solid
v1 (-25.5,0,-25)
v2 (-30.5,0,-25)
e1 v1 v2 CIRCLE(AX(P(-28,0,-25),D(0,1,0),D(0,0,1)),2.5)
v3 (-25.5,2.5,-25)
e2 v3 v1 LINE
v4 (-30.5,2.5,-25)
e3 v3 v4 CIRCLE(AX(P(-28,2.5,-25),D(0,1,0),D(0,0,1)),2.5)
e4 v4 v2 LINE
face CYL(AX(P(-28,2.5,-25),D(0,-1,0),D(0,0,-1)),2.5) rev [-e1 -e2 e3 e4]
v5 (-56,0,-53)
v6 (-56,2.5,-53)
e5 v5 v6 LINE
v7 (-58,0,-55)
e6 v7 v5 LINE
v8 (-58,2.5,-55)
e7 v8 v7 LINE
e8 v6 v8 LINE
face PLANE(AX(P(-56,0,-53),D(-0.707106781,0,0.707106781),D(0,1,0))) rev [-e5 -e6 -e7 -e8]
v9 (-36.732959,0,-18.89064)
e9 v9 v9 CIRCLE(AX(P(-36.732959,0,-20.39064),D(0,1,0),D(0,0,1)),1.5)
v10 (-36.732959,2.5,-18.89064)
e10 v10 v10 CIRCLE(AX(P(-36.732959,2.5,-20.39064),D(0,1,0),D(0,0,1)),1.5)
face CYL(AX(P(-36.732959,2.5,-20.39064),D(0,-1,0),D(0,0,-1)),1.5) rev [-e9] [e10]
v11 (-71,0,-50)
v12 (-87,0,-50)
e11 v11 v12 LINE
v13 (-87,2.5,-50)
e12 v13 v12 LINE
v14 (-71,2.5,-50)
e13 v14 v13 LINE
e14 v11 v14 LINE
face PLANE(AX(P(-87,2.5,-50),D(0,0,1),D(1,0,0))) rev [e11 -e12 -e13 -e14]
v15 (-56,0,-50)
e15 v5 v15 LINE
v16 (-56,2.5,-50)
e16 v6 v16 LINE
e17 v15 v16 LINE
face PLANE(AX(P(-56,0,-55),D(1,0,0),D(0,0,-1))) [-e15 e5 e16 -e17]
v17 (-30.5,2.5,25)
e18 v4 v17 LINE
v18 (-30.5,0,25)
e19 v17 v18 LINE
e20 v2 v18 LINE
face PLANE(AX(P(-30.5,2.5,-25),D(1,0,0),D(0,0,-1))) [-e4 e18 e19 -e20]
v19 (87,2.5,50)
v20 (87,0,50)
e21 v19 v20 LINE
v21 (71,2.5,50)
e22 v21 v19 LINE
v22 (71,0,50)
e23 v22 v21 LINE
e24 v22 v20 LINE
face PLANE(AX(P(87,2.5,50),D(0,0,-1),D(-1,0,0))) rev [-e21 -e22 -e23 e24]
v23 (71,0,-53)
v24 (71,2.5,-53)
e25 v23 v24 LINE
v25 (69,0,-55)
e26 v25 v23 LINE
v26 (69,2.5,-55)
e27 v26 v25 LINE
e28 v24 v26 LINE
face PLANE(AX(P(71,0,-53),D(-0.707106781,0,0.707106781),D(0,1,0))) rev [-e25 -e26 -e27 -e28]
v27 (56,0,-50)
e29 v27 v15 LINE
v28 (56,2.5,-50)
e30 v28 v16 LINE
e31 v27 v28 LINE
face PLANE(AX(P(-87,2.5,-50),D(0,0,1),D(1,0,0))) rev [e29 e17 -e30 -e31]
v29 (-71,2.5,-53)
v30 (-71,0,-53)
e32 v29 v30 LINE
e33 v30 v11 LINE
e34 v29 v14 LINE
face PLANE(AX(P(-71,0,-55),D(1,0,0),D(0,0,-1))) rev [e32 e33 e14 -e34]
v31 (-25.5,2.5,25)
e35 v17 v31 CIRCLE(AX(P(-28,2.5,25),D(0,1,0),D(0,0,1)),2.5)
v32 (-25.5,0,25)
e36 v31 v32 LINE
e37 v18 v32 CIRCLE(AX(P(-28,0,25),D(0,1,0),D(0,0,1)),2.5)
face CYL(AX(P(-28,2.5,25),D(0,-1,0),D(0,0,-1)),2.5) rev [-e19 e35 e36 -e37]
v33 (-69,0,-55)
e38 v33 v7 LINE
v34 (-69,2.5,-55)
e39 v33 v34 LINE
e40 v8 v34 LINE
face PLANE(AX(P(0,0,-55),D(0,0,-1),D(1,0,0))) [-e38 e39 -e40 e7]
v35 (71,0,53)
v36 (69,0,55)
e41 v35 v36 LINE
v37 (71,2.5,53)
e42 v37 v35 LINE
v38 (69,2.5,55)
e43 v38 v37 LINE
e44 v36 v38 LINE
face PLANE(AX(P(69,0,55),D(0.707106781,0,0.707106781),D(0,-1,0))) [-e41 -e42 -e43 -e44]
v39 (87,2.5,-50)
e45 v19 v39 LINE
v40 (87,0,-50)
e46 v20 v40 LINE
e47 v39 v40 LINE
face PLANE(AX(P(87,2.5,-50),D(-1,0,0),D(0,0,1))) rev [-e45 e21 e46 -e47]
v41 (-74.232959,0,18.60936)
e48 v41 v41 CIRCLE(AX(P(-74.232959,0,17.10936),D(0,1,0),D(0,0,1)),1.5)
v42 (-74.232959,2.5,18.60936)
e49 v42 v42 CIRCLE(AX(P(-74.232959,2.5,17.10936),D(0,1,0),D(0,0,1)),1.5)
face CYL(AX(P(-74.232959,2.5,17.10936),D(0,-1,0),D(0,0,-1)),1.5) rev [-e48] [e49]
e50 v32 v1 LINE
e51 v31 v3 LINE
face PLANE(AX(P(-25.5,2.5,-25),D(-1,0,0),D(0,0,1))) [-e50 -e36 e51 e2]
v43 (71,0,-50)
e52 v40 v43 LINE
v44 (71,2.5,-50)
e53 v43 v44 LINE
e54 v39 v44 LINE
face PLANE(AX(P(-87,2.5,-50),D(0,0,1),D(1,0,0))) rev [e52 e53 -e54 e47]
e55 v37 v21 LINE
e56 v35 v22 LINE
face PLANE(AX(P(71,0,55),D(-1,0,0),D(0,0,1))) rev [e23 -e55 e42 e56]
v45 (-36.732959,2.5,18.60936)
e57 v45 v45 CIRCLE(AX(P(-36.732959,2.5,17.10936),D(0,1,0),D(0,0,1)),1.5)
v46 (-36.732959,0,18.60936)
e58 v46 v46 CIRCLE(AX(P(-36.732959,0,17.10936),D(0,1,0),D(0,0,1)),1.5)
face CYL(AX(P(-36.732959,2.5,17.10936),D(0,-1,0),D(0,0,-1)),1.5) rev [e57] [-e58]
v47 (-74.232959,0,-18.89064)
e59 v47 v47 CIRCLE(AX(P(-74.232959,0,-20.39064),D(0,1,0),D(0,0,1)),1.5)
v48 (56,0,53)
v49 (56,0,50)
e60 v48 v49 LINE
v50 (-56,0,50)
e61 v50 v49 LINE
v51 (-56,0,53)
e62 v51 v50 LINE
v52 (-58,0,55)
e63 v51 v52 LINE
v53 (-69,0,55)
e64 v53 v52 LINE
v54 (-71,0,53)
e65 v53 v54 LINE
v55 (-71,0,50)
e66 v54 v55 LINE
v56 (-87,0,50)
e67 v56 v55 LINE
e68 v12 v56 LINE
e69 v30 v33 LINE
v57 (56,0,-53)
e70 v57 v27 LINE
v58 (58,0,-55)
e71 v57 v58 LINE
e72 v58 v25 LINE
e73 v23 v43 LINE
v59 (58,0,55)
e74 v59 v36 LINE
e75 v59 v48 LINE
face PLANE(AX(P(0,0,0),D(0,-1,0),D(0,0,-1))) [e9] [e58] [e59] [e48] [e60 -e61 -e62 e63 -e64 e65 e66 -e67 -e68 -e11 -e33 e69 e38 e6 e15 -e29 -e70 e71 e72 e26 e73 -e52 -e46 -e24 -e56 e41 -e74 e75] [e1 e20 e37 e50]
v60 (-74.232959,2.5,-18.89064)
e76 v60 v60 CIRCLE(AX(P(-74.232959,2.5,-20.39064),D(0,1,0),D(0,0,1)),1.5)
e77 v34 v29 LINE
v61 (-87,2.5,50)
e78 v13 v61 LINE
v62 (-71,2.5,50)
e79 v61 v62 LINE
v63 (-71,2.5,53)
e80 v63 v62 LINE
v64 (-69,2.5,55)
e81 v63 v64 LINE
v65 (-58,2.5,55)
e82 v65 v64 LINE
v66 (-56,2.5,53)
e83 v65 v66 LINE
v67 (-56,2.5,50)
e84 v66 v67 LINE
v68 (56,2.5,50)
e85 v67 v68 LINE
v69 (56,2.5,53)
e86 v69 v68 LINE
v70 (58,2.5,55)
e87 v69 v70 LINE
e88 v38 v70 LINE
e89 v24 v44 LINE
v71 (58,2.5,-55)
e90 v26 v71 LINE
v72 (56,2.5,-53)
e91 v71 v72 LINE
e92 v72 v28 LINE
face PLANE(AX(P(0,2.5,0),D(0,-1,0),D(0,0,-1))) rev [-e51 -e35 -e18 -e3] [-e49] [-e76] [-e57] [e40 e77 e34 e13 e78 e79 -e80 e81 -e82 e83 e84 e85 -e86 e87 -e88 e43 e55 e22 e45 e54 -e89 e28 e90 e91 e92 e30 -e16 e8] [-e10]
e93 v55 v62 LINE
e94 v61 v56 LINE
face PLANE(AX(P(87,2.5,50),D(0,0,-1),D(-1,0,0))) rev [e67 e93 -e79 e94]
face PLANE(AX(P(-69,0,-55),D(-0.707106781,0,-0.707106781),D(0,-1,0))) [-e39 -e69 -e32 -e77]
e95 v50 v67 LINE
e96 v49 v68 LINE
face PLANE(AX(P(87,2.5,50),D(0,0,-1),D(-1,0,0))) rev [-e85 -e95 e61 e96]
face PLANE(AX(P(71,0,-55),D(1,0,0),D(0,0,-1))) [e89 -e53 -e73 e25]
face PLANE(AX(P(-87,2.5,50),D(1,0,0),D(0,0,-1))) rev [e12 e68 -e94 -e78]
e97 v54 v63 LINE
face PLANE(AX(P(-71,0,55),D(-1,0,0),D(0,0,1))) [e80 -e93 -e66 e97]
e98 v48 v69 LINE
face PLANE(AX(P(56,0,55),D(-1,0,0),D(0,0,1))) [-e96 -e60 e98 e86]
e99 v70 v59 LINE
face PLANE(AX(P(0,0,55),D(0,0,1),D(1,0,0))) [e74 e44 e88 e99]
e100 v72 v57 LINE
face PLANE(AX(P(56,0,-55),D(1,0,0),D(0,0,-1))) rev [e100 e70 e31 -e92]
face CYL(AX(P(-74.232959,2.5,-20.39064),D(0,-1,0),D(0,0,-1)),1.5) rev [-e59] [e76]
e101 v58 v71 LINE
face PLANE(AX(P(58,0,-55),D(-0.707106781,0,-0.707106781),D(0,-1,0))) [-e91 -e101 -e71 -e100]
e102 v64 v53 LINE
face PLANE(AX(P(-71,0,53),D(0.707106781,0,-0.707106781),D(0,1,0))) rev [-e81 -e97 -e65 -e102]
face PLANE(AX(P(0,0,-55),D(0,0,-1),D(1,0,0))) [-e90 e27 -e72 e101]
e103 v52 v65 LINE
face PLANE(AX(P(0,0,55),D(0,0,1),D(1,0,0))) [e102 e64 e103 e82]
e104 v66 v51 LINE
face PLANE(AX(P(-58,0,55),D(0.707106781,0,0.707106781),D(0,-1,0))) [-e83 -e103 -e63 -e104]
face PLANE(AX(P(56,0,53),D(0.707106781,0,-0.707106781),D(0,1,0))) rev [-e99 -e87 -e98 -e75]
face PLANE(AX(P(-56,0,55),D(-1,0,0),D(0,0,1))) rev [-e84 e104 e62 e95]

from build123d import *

# Parameters (mm, degrees)
SKETCH1_W           = 174
SKETCH1_H           = 100
BOSS_EXTRUDE1_DEPTH = 2.5
SKETCH2_W           = 15
SKETCH2_H           = 2.5
BOSS_EXTRUDE2_DEPTH = 5
CHAMFER1_SIZE       = 2


with BuildPart() as part:
    # Sketch1 → Boss-Extrude1 (new body)
    with BuildSketch(Plane(origin=(0, 0, 0), x_dir=(1, 0, 0), z_dir=(0, 1, 0))):
        Rectangle(SKETCH1_W, SKETCH1_H)
        with BuildLine():
            Line((-25.5, 25), (-25.5, -25))
            ThreePointArc((-25.5, -25), (-28, -27.5), (-30.5, -25))
            Line((-30.5, -25), (-30.5, 25))
            ThreePointArc((-30.5, 25), (-28, 27.5), (-25.5, 25))
        make_face(mode=Mode.SUBTRACT)
        with BuildLine():
            ThreePointArc((-36.73295862, -15.609359563), (-38.23295862, -17.109359563), (-36.73295862, -18.609359563))
            ThreePointArc((-36.73295862, -18.609359563), (-35.23295862, -17.109359563), (-36.73295862, -15.609359563))
        make_face(mode=Mode.SUBTRACT)
        with BuildLine():
            ThreePointArc((-36.73295862, 18.890640437), (-35.23295862, 20.390640437), (-36.73295862, 21.890640437))
            ThreePointArc((-36.73295862, 21.890640437), (-38.23295862, 20.390640437), (-36.73295862, 18.890640437))
        make_face(mode=Mode.SUBTRACT)
        with BuildLine():
            ThreePointArc((-74.23295862, 21.890640437), (-75.73295862, 20.390640437), (-74.23295862, 18.890640437))
            ThreePointArc((-74.23295862, 18.890640437), (-72.73295862, 20.390640437), (-74.23295862, 21.890640437))
        make_face(mode=Mode.SUBTRACT)
        with BuildLine():
            ThreePointArc((-74.23295862, -15.609359563), (-75.73295862, -17.109359563), (-74.23295862, -18.609359563))
            ThreePointArc((-74.23295862, -18.609359563), (-72.73295862, -17.109359563), (-74.23295862, -15.609359563))
        make_face(mode=Mode.SUBTRACT)
    extrude(amount=BOSS_EXTRUDE1_DEPTH)

    # Sketch2 → Boss-Extrude2 (add)
    with BuildSketch(Plane.XY.offset(50)):
        with Locations((-63.5, 1.25)):
            Rectangle(SKETCH2_W, SKETCH2_H)
        with Locations((63.5, 1.25)):
            Rectangle(SKETCH2_W, SKETCH2_H)
    boss_extrude2 = extrude(amount=BOSS_EXTRUDE2_DEPTH)

    # Mirror1: Boss-Extrude2 across plane
    add(boss_extrude2.mirror(Plane.XY))

    # Chamfer1
    chamfer1_edges = [part.edges().sort_by_distance(p)[0] for p in [
        (-71, 1.25, 55),
        (-56, 1.25, 55),
        (56, 1.25, 55),
        (71, 1.25, 55),
        (-56, 1.25, -55),
        (-71, 1.25, -55),
        (71, 1.25, -55),
        (56, 1.25, -55),
    ]]
    chamfer(chamfer1_edges, length=CHAMFER1_SIZE)


solid = part.part
